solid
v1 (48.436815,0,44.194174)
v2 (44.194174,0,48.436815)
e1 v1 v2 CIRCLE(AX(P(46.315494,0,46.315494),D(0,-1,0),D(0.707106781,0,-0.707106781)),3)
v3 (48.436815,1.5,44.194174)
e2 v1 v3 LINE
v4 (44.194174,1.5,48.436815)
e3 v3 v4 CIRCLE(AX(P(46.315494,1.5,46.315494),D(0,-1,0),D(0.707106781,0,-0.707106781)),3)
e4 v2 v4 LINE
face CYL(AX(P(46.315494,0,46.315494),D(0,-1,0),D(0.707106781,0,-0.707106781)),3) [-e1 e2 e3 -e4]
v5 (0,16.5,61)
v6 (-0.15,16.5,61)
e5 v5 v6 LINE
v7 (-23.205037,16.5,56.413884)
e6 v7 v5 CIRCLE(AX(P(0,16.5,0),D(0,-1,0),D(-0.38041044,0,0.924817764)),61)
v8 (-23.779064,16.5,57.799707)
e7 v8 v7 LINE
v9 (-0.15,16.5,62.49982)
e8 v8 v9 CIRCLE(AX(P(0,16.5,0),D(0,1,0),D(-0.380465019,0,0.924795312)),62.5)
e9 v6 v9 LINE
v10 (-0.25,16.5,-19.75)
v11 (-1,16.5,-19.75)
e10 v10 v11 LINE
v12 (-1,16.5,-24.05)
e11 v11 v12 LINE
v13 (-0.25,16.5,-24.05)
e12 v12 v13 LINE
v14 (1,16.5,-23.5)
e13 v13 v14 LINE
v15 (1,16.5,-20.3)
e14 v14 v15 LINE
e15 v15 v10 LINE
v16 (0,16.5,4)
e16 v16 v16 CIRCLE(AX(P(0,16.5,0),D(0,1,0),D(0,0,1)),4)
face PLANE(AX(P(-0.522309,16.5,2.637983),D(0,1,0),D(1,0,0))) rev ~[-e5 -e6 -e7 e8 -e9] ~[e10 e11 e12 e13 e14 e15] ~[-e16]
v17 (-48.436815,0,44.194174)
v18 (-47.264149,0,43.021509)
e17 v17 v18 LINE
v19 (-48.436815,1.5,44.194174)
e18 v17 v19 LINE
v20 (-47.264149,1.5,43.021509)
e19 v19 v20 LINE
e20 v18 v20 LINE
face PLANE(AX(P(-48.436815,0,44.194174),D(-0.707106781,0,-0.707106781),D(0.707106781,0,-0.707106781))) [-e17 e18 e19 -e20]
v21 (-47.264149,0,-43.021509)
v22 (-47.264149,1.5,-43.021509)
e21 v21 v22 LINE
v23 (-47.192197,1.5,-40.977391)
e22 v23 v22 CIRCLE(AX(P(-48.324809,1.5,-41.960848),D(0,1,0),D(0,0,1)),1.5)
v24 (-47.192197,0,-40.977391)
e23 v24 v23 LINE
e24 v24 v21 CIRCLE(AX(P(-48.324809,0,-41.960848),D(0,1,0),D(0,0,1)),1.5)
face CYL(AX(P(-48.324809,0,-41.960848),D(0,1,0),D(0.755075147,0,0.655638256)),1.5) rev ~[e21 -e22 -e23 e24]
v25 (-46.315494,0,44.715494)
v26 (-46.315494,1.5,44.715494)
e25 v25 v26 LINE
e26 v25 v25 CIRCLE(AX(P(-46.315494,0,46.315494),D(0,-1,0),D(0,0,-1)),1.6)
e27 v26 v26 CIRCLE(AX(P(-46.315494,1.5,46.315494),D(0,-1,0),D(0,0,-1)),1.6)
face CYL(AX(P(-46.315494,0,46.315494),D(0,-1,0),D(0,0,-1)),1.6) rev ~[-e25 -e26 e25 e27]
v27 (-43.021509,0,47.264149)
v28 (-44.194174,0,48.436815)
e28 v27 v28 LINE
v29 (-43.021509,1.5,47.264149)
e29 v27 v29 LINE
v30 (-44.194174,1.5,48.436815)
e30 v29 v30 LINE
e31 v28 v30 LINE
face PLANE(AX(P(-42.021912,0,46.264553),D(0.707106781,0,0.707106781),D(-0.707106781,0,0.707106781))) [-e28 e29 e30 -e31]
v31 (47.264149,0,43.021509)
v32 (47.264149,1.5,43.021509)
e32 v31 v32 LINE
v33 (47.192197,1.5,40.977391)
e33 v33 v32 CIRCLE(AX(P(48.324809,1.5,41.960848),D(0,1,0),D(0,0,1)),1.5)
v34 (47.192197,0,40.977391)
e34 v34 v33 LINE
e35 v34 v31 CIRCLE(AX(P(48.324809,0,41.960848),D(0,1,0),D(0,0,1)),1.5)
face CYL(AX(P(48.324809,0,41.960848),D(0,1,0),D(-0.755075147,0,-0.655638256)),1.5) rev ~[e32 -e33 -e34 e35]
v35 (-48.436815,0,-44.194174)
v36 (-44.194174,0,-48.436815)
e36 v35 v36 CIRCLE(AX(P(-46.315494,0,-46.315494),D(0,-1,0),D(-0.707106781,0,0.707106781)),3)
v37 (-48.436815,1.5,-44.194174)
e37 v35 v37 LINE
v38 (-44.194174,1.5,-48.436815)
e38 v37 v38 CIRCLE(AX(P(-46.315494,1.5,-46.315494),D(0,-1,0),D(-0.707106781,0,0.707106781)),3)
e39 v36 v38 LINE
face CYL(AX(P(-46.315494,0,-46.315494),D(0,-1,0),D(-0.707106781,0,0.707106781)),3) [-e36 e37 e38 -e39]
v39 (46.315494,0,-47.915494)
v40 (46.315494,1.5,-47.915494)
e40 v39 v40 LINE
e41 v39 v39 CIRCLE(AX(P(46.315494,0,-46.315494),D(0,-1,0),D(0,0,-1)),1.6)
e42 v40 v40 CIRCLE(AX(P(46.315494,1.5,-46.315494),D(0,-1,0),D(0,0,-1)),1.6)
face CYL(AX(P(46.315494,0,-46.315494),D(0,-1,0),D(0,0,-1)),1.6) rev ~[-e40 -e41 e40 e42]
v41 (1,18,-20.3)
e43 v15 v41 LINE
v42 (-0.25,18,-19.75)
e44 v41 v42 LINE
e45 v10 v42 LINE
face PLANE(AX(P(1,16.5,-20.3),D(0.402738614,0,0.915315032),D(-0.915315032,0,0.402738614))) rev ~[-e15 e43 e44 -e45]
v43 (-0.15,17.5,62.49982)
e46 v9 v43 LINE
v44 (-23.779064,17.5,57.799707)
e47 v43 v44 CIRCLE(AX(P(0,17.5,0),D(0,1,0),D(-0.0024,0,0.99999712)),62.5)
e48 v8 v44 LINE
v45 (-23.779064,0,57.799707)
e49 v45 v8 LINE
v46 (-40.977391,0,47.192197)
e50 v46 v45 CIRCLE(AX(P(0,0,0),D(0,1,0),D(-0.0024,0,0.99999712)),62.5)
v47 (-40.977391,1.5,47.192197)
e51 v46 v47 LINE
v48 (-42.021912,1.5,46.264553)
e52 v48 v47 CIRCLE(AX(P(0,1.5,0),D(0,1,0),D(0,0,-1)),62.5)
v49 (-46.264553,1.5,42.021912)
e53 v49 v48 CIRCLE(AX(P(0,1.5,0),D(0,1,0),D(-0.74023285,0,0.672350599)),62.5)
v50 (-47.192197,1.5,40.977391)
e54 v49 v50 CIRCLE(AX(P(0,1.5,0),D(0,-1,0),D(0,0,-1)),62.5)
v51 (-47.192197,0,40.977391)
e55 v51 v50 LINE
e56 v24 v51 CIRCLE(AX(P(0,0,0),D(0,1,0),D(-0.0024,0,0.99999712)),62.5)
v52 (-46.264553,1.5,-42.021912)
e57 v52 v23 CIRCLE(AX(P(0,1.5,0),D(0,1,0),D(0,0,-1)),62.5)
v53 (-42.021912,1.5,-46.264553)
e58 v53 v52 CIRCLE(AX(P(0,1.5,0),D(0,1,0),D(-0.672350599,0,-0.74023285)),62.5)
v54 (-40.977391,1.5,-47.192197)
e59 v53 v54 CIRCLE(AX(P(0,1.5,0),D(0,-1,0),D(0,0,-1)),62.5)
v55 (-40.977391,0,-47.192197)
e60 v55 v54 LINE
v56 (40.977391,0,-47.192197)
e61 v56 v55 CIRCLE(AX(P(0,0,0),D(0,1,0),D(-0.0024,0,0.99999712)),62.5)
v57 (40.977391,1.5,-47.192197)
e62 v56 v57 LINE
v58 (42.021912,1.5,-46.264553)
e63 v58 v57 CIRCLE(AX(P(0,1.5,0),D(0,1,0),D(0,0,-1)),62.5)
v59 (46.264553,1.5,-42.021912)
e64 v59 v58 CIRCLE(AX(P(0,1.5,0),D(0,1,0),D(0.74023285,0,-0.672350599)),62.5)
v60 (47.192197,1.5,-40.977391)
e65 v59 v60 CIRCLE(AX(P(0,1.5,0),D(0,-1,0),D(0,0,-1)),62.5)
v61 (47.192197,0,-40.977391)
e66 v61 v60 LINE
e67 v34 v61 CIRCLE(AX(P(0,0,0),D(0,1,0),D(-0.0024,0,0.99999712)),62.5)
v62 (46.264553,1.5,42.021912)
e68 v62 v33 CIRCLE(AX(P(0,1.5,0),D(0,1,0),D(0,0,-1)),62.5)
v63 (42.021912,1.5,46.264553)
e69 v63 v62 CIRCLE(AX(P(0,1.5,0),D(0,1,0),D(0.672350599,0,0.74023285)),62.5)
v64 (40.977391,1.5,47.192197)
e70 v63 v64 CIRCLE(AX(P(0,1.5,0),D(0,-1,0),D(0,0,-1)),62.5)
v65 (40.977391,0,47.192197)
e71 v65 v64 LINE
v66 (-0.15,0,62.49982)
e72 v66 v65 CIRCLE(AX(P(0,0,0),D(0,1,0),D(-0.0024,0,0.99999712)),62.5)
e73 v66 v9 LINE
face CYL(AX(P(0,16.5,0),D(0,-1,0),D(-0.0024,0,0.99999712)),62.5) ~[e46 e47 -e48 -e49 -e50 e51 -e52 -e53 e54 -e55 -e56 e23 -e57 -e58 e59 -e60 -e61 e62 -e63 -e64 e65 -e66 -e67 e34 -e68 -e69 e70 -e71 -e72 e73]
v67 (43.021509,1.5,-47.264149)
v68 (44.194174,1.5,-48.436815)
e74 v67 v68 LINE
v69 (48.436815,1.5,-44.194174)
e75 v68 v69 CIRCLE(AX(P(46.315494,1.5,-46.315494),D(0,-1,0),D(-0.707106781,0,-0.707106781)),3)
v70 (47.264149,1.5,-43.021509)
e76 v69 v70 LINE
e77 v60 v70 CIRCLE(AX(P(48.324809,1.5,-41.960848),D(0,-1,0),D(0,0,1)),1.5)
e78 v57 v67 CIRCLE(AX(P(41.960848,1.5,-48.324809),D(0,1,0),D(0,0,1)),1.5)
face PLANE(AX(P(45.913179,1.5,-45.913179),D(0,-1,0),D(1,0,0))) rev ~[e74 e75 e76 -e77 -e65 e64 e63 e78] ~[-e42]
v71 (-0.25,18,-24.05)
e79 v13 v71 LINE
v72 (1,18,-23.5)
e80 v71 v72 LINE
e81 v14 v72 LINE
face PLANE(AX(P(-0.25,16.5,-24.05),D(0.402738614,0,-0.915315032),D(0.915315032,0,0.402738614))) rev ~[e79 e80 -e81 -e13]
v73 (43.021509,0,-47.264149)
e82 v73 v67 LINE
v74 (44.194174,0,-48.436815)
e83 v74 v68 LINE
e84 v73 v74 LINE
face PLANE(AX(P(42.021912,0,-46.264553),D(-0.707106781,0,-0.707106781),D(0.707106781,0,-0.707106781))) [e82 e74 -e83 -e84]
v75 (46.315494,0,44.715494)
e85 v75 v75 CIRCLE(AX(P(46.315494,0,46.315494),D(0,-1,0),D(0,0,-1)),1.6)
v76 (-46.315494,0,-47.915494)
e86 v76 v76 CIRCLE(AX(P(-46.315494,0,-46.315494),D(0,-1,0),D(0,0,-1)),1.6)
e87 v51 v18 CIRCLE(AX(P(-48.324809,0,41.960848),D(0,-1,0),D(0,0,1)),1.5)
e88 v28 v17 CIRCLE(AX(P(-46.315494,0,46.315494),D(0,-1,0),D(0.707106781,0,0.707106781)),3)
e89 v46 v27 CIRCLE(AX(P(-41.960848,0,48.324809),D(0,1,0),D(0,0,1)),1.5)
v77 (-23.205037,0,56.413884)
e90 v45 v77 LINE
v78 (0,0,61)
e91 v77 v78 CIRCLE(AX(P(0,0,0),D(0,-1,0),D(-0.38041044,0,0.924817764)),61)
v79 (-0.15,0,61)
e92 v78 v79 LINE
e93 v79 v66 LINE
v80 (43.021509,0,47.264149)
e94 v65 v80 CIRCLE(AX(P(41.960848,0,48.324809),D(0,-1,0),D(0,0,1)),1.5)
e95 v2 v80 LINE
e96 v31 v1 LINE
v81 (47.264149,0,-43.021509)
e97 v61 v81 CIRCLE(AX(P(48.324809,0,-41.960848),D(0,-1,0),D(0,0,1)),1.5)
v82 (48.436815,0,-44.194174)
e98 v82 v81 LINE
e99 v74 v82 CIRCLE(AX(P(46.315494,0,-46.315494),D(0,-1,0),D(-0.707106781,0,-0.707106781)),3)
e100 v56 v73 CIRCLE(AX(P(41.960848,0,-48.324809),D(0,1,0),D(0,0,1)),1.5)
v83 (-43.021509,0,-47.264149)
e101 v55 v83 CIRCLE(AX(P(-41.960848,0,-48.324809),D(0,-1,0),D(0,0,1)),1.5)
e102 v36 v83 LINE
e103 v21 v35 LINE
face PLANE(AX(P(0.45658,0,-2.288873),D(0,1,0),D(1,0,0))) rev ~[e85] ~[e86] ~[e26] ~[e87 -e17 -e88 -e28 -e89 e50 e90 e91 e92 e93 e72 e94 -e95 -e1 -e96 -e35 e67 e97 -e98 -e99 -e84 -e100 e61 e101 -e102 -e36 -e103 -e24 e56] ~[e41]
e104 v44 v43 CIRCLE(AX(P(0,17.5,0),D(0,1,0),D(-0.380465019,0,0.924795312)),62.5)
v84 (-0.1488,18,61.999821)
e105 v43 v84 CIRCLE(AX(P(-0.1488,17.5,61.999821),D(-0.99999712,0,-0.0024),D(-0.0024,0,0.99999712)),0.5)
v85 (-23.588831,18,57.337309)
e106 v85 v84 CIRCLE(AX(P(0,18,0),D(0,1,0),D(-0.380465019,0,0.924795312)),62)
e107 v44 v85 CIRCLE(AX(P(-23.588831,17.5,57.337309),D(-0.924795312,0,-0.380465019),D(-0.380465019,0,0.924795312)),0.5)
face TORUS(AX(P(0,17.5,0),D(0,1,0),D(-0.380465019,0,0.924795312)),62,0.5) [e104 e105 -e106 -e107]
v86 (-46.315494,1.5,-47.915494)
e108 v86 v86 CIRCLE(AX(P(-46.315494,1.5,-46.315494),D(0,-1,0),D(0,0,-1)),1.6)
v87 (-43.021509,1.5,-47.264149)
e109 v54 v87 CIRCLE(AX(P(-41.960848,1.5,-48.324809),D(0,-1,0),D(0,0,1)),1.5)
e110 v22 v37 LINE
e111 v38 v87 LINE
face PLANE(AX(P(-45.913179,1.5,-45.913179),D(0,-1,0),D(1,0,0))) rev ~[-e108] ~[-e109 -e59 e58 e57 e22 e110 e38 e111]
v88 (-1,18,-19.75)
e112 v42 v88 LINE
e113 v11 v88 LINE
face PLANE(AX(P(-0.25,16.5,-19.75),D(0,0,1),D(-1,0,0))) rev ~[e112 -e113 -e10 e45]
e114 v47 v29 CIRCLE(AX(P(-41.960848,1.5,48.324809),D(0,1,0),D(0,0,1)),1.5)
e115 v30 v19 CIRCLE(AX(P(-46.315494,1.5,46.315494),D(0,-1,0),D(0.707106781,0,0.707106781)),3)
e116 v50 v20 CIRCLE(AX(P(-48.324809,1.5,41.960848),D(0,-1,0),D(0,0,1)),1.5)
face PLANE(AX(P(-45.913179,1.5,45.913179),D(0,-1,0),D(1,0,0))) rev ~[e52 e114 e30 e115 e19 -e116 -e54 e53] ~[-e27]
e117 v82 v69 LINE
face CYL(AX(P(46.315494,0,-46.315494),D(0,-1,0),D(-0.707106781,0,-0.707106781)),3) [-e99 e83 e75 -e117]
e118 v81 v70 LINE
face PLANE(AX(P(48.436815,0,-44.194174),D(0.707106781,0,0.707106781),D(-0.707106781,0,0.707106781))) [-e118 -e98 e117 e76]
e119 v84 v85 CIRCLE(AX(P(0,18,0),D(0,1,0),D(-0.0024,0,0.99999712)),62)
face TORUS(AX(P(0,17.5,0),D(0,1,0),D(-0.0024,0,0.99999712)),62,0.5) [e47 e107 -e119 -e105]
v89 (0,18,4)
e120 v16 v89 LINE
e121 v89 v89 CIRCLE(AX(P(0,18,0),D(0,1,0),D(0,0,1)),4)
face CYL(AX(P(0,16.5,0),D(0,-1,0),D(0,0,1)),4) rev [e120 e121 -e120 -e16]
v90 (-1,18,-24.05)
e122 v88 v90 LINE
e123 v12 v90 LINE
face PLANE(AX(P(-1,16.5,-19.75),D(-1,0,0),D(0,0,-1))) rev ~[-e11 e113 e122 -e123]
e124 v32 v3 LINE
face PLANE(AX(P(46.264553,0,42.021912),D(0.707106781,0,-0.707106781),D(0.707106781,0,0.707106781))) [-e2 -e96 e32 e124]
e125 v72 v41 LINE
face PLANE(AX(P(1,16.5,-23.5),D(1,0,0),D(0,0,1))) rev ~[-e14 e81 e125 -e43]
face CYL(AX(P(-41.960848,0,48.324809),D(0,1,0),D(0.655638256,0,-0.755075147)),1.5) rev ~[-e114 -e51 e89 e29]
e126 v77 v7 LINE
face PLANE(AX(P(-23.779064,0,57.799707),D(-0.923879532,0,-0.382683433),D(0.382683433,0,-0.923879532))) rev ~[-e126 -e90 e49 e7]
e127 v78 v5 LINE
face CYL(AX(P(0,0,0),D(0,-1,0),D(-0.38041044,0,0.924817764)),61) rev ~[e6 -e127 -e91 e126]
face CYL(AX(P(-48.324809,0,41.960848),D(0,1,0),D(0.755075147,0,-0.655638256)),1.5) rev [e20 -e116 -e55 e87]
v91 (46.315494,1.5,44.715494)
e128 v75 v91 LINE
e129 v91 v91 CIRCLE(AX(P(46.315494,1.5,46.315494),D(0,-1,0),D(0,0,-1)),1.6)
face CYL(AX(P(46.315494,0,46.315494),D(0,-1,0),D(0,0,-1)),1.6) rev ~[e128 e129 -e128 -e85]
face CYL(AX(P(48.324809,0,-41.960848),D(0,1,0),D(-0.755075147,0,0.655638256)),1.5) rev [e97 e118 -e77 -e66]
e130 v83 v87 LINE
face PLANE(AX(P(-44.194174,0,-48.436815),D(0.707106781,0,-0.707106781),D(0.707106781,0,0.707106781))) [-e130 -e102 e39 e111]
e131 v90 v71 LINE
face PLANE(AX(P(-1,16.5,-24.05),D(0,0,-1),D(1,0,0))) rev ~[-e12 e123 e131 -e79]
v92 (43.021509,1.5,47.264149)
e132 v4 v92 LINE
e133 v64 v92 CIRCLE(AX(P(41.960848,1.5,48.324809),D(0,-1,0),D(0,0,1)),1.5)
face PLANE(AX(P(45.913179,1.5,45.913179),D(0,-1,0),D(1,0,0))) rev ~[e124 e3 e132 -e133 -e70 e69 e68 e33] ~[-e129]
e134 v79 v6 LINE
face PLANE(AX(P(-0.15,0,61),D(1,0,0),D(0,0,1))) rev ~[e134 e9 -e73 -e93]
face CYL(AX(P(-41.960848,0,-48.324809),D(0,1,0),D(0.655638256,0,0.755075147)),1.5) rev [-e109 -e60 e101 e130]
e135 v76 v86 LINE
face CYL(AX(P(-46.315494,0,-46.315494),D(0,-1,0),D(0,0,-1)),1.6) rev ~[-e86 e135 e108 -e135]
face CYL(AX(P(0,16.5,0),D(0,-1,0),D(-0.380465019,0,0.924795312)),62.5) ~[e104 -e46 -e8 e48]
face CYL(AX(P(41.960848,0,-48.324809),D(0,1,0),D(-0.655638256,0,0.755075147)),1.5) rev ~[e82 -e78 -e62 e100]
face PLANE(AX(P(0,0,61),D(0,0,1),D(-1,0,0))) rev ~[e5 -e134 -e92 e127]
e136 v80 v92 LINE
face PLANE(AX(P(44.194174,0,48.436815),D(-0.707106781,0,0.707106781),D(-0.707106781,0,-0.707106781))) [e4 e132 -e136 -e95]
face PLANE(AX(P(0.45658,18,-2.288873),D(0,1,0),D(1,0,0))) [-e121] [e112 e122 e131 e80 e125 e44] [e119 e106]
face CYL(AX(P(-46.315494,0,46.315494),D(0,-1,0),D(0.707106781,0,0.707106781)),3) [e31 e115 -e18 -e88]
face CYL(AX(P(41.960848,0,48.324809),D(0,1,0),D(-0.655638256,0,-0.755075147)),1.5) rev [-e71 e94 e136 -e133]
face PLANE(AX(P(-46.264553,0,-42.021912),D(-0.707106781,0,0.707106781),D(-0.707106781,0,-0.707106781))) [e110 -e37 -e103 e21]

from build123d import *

# Parameters (mm, degrees)
EXTRUDE_1_DEPTH = 16.5
SKETCH_2_R      = 4
EXTRUDE_2_DEPTH = 1.5
FILLET_1_R      = 0.5
SKETCH_3_R      = 1.6
EXTRUDE_4_DEPTH = 1.5
FILLET_2_R      = 1.5


with BuildPart() as part:
    # Эскиз1 → Бобышка-Вытянуть1 (new body)
    with BuildSketch(Plane(origin=(0, 0, 0), x_dir=(1, 0, 0), z_dir=(0, 1, 0))):
        with BuildLine():
            Line((-23.77906371, -57.799706998), (-23.205036867, -56.41388361))
            ThreePointArc((-23.205036867, -56.41388361), (11.826941696, 59.842488669), (0, -61))
            Line((0, -61), (-0.15, -61))
            Line((-0.15, -61), (-0.15, -62.49982))
            ThreePointArc((-0.15, -62.49982), (12.193145126, 61.299080025), (-23.77906371, -57.799706998))
        make_face()
    extrude(amount=EXTRUDE_1_DEPTH)

    # Эскиз2 → Бобышка-Вытянуть2 (add)
    # profile 1 of 2: a face of its own
    with BuildSketch(Plane(origin=(0, 16.5, 0), x_dir=(1, 0, 0), z_dir=(0, 1, 0))):
        with BuildLine():
            Line((0, -61), (-0.15, -61))
            Line((-0.15, -61), (-0.15, -62.49982))
            ThreePointArc((-0.15, -62.49982), (12.193145126, 61.299080025), (-23.77906371, -57.799706998))
            Line((-23.77906371, -57.799706998), (-23.205036867, -56.41388361))
            ThreePointArc((-23.205036867, -56.41388361), (11.826941696, 59.842488669), (0, -61))
        make_face()
    # profile 2 of 2: a face of its own
    with BuildSketch(Plane(origin=(0, 16.5, 0), x_dir=(1, 0, 0), z_dir=(0, 1, 0))):
        with BuildLine():
            Line((-23.205036867, -56.41388361), (-23.77906371, -57.799706998))
            ThreePointArc((-23.77906371, -57.799706998), (-12.193145126, -61.299080025), (-0.15, -62.49982))
            Line((-0.15, -62.49982), (-0.15, -61))
            Line((-0.15, -61), (0, -61))
            ThreePointArc((0, -61), (11.826941696, 59.842488669), (-23.205036867, -56.41388361))
        make_face()
        with Locations(Location((0, 0, 0), (0, 0, 270))):
            Circle(SKETCH_2_R, mode=Mode.SUBTRACT)
        Polygon((-1, 23.5), (-1, 24.05), (-0.25, 24.05), (1, 23.5), (1, 20.3), (-0.25, 19.75), (-1, 19.75), (-1, 20.3), align=None, mode=Mode.SUBTRACT)
    extrude(amount=EXTRUDE_2_DEPTH)

    # Скругление1
    fillet_1_edges = [part.edges().sort_by_distance(p)[0] for p in [
        (23.77906371, 18, -57.799706998),
    ]]
    fillet(fillet_1_edges, radius=FILLET_1_R)

    # Эскиз3 → Бобышка-Вытянуть4 (add)
    # profile 1 of 4: a face of its own
    with BuildSketch(Plane.XZ):
        with BuildLine():
            Line((-42.021912433, 46.264553121), (-44.194173824, 48.436814511))
            ThreePointArc((-44.194173824, 48.436814511), (-48.436814511, 48.436814511), (-48.436814511, 44.194173824))
            Line((-48.436814511, 44.194173824), (-46.264553121, 42.021912433))
            ThreePointArc((-46.264553121, 42.021912433), (-44.194173824, 44.194173824), (-42.021912433, 46.264553121))
        make_face()
        with Locations(Location((-46.315494168, 46.315494168, 0), (0, 0, 270))):
            Circle(SKETCH_3_R, mode=Mode.SUBTRACT)
    # profile 2 of 4: a face of its own
    with BuildSketch(Plane.XZ):
        with BuildLine():
            Line((44.194173824, 48.436814511), (42.021912433, 46.264553121))
            ThreePointArc((42.021912433, 46.264553121), (44.194173824, 44.194173824), (46.264553121, 42.021912433))
            Line((46.264553121, 42.021912433), (48.436814511, 44.194173824))
            ThreePointArc((48.436814511, 44.194173824), (48.436814511, 48.436814511), (44.194173824, 48.436814511))
        make_face()
        with Locations(Location((46.315494168, 46.315494168, 0), (0, 0, 270))):
            Circle(SKETCH_3_R, mode=Mode.SUBTRACT)
    # profile 3 of 4: a face of its own
    with BuildSketch(Plane.XZ):
        with BuildLine():
            ThreePointArc((-42.021912433, -46.264553121), (-44.194173824, -44.194173824), (-46.264553121, -42.021912433))
            Line((-46.264553121, -42.021912433), (-48.436814511, -44.194173824))
            ThreePointArc((-48.436814511, -44.194173824), (-48.436814511, -48.436814511), (-44.194173824, -48.436814511))
            Line((-44.194173824, -48.436814511), (-42.021912433, -46.264553121))
        make_face()
        with Locations(Location((-46.315494168, -46.315494168, 0), (0, 0, 270))):
            Circle(SKETCH_3_R, mode=Mode.SUBTRACT)
    # profile 4 of 4: a face of its own
    with BuildSketch(Plane.XZ):
        with BuildLine():
            ThreePointArc((46.264553121, -42.021912433), (44.194173824, -44.194173824), (42.021912433, -46.264553121))
            Line((42.021912433, -46.264553121), (44.194173824, -48.436814511))
            ThreePointArc((44.194173824, -48.436814511), (48.436814511, -48.436814511), (48.436814511, -44.194173824))
            Line((48.436814511, -44.194173824), (46.264553121, -42.021912433))
        make_face()
        with Locations(Location((46.315494168, -46.315494168, 0), (0, 0, 270))):
            Circle(SKETCH_3_R, mode=Mode.SUBTRACT)
    extrude(amount=-EXTRUDE_4_DEPTH)

    # Скругление2
    fillet_2_edges = [part.edges().sort_by_distance(p)[0] for p in [
        (-42.021912433, 0.75, 46.264553121),
        (-46.264553121, 0.75, 42.021912433),
        (46.264553121, 0.75, 42.021912433),
        (42.021912433, 0.75, 46.264553121),
        (-46.264553121, 0.75, -42.021912433),
        (-42.021912433, 0.75, -46.264553121),
        (42.021912433, 0.75, -46.264553121),
        (46.264553121, 0.75, -42.021912433),
    ]]
    fillet(fillet_2_edges, radius=FILLET_2_R)


solid = part.part
